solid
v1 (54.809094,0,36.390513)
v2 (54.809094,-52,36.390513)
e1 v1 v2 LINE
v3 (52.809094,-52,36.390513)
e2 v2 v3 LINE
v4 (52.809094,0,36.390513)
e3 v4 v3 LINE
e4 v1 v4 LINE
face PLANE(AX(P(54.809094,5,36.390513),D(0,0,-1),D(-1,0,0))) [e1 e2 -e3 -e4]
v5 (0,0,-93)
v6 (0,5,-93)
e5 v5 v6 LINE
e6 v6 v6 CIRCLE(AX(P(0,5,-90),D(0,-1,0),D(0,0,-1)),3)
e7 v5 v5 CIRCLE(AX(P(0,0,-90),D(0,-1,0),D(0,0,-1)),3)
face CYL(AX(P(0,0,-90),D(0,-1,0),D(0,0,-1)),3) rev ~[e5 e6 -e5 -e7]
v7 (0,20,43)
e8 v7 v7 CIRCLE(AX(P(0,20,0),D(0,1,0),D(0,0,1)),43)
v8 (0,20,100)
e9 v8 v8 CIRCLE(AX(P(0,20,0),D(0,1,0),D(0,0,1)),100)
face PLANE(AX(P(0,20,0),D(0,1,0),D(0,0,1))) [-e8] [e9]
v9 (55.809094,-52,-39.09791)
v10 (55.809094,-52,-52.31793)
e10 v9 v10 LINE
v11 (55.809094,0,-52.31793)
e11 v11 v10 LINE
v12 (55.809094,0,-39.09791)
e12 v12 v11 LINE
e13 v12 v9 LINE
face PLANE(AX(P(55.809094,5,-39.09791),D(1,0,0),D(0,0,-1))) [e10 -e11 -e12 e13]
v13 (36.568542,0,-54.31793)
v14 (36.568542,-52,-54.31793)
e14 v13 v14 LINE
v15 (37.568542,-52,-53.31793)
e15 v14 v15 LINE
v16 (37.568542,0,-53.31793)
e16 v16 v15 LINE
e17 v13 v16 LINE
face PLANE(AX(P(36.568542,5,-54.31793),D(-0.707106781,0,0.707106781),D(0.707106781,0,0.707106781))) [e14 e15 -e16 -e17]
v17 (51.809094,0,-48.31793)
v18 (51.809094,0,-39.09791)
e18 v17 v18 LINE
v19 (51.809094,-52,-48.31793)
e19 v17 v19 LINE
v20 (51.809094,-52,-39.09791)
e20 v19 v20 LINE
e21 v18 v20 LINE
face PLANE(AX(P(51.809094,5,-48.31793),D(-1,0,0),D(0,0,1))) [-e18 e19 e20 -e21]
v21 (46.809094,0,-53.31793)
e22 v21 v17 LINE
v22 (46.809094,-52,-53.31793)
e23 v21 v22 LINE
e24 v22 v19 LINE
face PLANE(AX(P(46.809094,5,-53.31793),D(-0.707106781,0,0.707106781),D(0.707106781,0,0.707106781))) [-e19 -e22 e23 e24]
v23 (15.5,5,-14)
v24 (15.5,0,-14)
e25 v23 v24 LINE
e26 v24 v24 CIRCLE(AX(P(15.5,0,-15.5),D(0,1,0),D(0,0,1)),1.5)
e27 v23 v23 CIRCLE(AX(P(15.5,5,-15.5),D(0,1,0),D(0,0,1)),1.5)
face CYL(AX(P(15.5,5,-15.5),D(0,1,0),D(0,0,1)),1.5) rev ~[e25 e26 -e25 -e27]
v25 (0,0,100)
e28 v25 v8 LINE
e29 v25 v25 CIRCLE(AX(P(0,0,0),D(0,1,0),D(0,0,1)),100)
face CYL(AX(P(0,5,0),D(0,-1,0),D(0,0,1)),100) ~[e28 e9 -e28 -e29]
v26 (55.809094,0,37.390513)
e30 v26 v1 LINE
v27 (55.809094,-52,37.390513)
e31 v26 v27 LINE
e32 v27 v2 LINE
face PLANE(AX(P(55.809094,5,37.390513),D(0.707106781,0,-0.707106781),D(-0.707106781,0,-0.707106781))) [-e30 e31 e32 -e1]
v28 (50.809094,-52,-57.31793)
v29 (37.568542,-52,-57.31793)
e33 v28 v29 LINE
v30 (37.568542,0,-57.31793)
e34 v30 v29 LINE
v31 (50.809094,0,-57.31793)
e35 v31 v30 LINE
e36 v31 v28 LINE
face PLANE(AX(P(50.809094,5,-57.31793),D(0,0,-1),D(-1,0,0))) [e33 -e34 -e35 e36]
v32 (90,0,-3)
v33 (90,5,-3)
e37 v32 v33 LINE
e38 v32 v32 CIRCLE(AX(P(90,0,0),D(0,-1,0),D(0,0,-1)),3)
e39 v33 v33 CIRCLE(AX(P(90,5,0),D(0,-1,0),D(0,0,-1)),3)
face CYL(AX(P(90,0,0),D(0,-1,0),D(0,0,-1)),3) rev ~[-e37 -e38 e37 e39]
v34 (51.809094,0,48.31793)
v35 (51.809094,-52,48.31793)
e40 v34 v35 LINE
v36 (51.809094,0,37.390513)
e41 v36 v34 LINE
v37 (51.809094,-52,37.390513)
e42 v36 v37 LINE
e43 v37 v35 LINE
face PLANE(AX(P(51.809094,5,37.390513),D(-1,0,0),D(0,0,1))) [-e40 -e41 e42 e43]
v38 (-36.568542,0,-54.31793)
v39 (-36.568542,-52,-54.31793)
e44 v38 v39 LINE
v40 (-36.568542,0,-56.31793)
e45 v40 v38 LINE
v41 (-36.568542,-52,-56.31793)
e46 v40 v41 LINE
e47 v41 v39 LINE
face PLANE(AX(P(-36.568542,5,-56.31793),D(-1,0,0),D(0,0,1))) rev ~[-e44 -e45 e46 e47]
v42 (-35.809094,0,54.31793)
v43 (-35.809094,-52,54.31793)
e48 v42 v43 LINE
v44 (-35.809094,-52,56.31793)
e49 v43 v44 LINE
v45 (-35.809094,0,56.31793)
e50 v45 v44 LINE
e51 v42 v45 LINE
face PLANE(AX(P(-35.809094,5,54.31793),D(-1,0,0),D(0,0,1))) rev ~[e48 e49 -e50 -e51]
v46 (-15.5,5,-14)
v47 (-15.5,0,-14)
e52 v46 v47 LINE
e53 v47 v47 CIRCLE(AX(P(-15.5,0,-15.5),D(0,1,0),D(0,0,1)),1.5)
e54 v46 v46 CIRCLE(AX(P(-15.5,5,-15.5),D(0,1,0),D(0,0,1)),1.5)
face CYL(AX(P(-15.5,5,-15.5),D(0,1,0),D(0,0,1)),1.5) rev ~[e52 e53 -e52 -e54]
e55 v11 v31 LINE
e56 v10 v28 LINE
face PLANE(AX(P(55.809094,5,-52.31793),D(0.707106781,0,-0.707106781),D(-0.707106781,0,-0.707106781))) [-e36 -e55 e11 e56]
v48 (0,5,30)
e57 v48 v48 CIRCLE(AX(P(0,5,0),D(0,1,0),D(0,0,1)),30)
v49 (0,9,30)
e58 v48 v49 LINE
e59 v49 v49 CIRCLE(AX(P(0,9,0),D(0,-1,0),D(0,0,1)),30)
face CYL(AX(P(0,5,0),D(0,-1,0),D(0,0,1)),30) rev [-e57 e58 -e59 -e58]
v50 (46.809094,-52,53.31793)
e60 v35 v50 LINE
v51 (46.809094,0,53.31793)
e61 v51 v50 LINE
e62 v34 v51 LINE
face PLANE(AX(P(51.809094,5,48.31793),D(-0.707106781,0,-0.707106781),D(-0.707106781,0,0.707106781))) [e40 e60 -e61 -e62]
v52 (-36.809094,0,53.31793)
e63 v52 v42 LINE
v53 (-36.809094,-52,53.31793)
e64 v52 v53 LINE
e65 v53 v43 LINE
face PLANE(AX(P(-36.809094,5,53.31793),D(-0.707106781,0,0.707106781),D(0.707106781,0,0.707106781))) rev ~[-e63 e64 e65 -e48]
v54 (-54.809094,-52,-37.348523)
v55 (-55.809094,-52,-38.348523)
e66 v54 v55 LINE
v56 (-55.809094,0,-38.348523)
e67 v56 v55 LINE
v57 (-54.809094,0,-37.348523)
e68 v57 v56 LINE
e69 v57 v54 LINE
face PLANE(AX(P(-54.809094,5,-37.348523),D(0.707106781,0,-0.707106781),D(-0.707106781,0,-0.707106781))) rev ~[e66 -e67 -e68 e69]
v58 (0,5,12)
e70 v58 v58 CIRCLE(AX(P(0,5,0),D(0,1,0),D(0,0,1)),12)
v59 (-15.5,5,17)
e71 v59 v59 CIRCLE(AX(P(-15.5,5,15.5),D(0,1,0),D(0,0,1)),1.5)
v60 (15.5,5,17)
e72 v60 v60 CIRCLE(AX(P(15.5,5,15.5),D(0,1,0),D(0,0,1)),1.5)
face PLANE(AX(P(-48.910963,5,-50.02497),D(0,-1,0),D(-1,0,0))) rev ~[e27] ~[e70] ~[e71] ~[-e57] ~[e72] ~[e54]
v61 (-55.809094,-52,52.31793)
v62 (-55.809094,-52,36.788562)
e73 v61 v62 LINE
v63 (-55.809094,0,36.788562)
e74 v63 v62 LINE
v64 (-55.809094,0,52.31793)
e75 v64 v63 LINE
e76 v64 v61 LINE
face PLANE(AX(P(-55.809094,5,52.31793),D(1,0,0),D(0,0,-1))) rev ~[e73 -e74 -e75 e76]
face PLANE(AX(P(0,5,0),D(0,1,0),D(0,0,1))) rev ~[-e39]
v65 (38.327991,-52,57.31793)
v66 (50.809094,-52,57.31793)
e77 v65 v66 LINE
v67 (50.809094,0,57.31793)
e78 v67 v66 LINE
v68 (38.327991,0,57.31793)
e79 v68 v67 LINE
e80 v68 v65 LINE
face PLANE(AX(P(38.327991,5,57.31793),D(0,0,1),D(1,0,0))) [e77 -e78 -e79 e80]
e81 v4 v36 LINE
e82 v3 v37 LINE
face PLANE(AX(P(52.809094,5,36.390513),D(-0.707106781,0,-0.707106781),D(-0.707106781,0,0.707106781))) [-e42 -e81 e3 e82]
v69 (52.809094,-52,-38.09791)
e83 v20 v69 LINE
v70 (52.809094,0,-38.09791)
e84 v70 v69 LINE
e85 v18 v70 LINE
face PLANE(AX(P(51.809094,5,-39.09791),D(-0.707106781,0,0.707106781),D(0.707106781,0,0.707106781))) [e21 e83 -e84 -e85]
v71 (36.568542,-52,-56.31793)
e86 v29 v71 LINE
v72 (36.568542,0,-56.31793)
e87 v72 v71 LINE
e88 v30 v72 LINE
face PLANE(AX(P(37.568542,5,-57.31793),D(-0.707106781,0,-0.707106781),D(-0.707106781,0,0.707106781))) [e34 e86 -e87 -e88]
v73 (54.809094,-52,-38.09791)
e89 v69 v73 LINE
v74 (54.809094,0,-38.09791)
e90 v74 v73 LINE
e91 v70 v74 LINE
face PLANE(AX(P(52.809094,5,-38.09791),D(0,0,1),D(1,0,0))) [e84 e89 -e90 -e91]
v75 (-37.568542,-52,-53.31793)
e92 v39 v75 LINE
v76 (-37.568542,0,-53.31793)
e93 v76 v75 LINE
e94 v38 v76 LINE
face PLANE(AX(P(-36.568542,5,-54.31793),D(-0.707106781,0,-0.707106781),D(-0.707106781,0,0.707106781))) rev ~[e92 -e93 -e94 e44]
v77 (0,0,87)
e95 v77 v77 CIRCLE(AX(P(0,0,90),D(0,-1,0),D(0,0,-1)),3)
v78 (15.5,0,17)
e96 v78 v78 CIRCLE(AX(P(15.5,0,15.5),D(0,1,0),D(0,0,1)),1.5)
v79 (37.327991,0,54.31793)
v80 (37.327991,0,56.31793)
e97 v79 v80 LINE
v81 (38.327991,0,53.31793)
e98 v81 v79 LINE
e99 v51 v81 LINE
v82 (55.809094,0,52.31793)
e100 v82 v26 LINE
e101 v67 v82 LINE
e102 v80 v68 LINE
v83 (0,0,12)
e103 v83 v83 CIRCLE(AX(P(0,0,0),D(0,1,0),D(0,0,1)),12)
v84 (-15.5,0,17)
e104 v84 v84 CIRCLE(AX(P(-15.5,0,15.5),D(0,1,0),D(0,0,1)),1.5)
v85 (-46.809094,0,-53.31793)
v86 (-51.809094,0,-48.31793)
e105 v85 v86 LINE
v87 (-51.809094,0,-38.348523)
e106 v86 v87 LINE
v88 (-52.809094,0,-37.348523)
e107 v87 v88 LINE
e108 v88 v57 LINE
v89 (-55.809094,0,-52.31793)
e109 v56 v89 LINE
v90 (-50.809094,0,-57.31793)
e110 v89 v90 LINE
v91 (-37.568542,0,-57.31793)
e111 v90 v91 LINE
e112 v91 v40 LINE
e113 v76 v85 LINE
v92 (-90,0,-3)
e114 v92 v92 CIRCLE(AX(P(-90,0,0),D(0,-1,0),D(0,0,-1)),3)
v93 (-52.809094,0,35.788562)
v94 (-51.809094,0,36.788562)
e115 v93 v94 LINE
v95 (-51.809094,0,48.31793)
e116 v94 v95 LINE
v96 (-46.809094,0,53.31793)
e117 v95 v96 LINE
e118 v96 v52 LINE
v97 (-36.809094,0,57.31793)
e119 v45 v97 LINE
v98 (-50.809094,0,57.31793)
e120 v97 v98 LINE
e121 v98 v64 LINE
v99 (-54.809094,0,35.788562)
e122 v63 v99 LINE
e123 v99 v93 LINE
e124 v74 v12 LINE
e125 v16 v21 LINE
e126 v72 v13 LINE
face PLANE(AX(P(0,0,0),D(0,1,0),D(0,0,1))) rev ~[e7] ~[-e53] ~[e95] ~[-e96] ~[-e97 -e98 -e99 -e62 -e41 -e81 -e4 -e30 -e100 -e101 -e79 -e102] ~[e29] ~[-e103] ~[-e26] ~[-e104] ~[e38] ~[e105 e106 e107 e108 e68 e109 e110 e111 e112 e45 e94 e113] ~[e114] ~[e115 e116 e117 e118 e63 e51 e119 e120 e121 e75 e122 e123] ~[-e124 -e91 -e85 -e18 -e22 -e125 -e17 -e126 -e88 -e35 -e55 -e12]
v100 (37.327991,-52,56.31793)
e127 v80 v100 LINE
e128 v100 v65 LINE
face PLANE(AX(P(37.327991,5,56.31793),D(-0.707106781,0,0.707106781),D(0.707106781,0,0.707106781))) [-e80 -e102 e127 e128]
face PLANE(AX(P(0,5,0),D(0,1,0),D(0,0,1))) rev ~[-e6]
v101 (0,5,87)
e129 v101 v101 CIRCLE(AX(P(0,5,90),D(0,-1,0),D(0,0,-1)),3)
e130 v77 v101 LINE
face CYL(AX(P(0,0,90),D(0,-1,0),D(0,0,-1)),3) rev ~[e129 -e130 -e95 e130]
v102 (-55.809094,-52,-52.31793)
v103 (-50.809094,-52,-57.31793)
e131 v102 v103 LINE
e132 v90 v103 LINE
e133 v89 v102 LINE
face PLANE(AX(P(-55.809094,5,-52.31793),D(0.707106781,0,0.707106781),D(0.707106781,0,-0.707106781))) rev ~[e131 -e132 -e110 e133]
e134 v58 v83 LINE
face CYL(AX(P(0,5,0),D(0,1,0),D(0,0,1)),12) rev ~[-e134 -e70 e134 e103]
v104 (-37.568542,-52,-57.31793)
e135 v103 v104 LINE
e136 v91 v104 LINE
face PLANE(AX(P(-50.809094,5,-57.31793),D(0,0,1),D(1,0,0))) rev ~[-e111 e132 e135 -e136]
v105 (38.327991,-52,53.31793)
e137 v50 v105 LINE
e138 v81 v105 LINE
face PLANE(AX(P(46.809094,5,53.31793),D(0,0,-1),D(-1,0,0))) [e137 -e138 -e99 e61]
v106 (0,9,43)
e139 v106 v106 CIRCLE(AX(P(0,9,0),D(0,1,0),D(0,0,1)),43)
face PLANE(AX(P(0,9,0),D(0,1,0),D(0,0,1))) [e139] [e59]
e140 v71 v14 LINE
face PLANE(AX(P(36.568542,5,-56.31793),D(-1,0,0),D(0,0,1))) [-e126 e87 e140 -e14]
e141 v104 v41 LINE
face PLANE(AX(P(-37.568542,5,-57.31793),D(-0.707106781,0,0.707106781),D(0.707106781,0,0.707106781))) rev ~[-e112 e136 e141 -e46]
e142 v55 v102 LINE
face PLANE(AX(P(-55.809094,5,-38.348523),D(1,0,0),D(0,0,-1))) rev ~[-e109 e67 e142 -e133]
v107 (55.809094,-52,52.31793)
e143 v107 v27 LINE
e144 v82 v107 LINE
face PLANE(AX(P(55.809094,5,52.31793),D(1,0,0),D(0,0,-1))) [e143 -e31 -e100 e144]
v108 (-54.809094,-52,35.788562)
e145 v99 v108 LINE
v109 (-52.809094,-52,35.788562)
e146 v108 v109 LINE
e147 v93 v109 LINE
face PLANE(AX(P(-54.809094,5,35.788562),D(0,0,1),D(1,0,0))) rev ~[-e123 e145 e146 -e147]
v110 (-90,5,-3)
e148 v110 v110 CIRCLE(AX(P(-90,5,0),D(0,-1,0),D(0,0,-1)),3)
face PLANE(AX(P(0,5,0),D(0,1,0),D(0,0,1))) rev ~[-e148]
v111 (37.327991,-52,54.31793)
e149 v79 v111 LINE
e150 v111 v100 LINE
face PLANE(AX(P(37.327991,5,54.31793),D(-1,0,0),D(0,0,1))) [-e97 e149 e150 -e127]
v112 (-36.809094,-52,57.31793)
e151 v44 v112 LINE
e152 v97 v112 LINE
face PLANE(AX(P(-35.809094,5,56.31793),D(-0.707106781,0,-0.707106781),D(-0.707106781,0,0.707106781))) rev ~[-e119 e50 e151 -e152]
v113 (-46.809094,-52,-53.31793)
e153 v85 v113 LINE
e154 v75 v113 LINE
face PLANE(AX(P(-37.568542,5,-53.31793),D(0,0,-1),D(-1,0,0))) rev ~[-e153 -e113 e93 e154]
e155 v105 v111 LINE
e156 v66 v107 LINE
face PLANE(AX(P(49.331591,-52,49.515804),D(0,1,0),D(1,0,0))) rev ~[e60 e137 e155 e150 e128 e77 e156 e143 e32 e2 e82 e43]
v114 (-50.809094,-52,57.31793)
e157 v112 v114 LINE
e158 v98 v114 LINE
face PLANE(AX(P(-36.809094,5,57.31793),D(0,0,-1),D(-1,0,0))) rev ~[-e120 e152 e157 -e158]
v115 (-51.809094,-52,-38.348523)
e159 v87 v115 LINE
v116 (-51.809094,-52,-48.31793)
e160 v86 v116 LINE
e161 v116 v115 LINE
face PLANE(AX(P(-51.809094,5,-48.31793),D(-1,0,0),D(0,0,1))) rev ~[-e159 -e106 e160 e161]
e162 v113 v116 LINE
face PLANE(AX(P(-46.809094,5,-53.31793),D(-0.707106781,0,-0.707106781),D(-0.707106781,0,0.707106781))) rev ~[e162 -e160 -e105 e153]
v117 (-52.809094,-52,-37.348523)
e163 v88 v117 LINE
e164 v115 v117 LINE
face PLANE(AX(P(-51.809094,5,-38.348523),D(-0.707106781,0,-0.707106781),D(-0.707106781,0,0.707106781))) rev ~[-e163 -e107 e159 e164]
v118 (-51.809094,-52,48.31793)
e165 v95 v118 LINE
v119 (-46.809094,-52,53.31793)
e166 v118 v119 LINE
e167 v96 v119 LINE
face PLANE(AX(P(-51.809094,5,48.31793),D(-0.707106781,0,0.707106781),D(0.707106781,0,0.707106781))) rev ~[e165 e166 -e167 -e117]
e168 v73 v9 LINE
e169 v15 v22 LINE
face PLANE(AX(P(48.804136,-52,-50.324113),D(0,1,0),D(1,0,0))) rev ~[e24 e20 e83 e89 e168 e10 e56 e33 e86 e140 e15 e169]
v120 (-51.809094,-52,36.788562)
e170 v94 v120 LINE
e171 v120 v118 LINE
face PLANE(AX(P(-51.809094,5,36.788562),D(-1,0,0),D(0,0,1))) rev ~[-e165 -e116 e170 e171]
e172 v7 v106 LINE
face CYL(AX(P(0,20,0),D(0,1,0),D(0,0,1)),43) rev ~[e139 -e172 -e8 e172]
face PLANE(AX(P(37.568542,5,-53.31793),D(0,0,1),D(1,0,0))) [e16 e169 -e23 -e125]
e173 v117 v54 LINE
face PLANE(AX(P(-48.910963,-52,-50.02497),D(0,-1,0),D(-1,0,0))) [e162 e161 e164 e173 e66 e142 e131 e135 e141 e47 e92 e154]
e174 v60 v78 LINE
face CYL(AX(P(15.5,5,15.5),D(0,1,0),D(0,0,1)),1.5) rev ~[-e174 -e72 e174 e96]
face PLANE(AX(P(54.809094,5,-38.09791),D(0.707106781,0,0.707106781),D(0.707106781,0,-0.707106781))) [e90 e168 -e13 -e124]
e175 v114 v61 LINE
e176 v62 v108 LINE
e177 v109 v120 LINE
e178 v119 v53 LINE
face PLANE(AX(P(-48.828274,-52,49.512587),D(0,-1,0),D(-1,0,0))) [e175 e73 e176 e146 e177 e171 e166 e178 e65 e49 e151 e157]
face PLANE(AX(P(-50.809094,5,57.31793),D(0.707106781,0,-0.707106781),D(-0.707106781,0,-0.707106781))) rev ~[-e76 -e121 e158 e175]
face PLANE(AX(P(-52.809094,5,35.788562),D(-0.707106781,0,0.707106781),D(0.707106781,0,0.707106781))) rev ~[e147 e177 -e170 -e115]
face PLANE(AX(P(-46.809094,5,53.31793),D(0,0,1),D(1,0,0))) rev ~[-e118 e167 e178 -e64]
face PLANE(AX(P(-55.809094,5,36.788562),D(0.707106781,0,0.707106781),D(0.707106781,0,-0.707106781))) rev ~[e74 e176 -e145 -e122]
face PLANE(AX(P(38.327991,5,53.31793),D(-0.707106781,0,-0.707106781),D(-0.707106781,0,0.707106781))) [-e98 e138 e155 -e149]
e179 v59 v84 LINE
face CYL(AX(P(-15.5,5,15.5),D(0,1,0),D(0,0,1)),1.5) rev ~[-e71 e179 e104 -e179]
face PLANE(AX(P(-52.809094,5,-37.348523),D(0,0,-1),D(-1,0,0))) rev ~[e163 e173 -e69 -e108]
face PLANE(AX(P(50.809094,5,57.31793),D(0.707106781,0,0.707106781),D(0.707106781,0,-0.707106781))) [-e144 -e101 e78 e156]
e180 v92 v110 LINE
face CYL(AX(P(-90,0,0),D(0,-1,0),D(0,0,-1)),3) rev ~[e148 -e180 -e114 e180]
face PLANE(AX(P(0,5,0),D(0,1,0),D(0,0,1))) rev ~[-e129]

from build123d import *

# Parameters (mm, degrees)
SKETCH_1_R          = 100
EXTRUDE_1_DEPTH     = 5
SKETCH_3_R          = 3
CUT_EXTRUDE_1_DEPTH = 142.509716981
SKETCH_5_R          = 1.5
CUT_EXTRUDE_2_DEPTH = 142.509716981
SKETCH_6_R          = 12
CUT_EXTRUDE_3_DEPTH = 142.509716981
EXTRUDE_2_DEPTH     = 57
SKETCH_9_R          = 100
SKETCH_9_R_2        = 30
EXTRUDE_4_DEPTH     = 15
SKETCH_10_R         = 43
CUT_EXTRUDE_4_DEPTH = 11


with BuildPart() as part:
    # 草图1 → 凸台-拉伸1 (new body)
    with BuildSketch(Plane(origin=(0, 0, 0), x_dir=(1, 0, 0), z_dir=(0, 1, 0))):
        with Locations(Location((0, 0, 0), (0, 0, 270))):
            Circle(SKETCH_1_R)
    extrude(amount=EXTRUDE_1_DEPTH)

    # 草图3 → 切除-拉伸1 (cut, through all)
    with BuildSketch(Plane.XZ):
        with Locations(Location((0, 90, 0), (0, 0, 270))):
            Circle(SKETCH_3_R)
        with Locations(Location((90, 0, 0), (0, 0, 270))):
            Circle(SKETCH_3_R)
        with Locations(Location((0, -90, 0), (0, 0, 270))):
            Circle(SKETCH_3_R)
        with Locations(Location((-90, 0, 0), (0, 0, 270))):
            Circle(SKETCH_3_R)
    extrude(amount=-CUT_EXTRUDE_1_DEPTH, mode=Mode.SUBTRACT)

    # 草图5 → 切除-拉伸2 (cut, through all)
    with BuildSketch(Plane(origin=(0, 5, 0), x_dir=(1, 0, 0), z_dir=(0, 1, 0))):
        with Locations(Location((-15.5, 15.5, 0), (0, 0, 270))):
            Circle(SKETCH_5_R)
        with Locations(Location((15.5, 15.5, 0), (0, 0, 270))):
            Circle(SKETCH_5_R)
        with Locations(Location((-15.5, -15.5, 0), (0, 0, 270))):
            Circle(SKETCH_5_R)
        with Locations(Location((15.5, -15.5, 0), (0, 0, 270))):
            Circle(SKETCH_5_R)
    extrude(amount=-CUT_EXTRUDE_2_DEPTH, mode=Mode.SUBTRACT)

    # 草图6 → 切除-拉伸3 (cut, through all)
    with BuildSketch(Plane(origin=(0, 5, 0), x_dir=(1, 0, 0), z_dir=(0, 1, 0))):
        with Locations(Location((0, 0, 0), (0, 0, 270))):
            Circle(SKETCH_6_R)
    extrude(amount=-CUT_EXTRUDE_3_DEPTH, mode=Mode.SUBTRACT)

    # 草图7 → 凸台-拉伸2 (add)
    with BuildSketch(Plane(origin=(0, 5, 0), x_dir=(1, 0, 0), z_dir=(0, 1, 0))):
        Polygon((-50.809093778, 57.317929583), (-37.568542495, 57.317929583), (-36.568542495, 56.317929583), (-36.568542495, 54.317929583), (-37.568542495, 53.317929583), (-46.809093778, 53.317929583), (-51.809093778, 48.317929583), (-51.809093778, 38.348523411), (-52.809093778, 37.348523411), (-54.809093778, 37.348523411), (-55.809093778, 38.348523411), (-55.809093778, 52.317929583), align=None)
        Polygon((-55.809093778, -52.317929583), (-55.809093778, -36.788561579), (-54.809093778, -35.788561579), (-52.809093778, -35.788561579), (-51.809093778, -36.788561579), (-51.809093778, -48.317929583), (-46.809093778, -53.317929583), (-36.809093778, -53.317929583), (-35.809093778, -54.317929583), (-35.809093778, -56.317929583), (-36.809093778, -57.317929583), (-50.809093778, -57.317929583), align=None)
        Polygon((55.809093778, -52.317929583), (55.809093778, -37.390513406), (54.809093778, -36.390513406), (52.809093778, -36.390513406), (51.809093778, -37.390513406), (51.809093778, -48.317929583), (46.809093778, -53.317929583), (38.327991212, -53.317929583), (37.327991212, -54.317929583), (37.327991212, -56.317929583), (38.327991212, -57.317929583), (50.809093778, -57.317929583), align=None)
        Polygon((50.809093778, 57.317929583), (37.568542495, 57.317929583), (36.568542495, 56.317929583), (36.568542495, 54.317929583), (37.568542495, 53.317929583), (46.809093778, 53.317929583), (51.809093778, 48.317929583), (51.809093778, 39.097910499), (52.809093778, 38.097910499), (54.809093778, 38.097910499), (55.809093778, 39.097910499), (55.809093778, 52.317929583), align=None)
    extrude(amount=-EXTRUDE_2_DEPTH)

    # 草图9 → 凸台-拉伸4 (add)
    with BuildSketch(Plane(origin=(0, 5, 0), x_dir=(1, 0, 0), z_dir=(0, 1, 0))):
        with Locations(Location((0, 0, 0), (0, 0, 270))):
            Circle(SKETCH_9_R)
        with Locations(Location((0, 0, 0), (0, 0, 270))):
            Circle(SKETCH_9_R_2, mode=Mode.SUBTRACT)
    extrude(amount=EXTRUDE_4_DEPTH)

    # 草图10 → 切除-拉伸4 (cut)
    with BuildSketch(Plane(origin=(0, 20, 0), x_dir=(1, 0, 0), z_dir=(0, 1, 0))):
        with Locations(Location((0, 0, 0), (0, 0, 270))):
            Circle(SKETCH_10_R)
    extrude(amount=-CUT_EXTRUDE_4_DEPTH, mode=Mode.SUBTRACT)


solid = part.part
